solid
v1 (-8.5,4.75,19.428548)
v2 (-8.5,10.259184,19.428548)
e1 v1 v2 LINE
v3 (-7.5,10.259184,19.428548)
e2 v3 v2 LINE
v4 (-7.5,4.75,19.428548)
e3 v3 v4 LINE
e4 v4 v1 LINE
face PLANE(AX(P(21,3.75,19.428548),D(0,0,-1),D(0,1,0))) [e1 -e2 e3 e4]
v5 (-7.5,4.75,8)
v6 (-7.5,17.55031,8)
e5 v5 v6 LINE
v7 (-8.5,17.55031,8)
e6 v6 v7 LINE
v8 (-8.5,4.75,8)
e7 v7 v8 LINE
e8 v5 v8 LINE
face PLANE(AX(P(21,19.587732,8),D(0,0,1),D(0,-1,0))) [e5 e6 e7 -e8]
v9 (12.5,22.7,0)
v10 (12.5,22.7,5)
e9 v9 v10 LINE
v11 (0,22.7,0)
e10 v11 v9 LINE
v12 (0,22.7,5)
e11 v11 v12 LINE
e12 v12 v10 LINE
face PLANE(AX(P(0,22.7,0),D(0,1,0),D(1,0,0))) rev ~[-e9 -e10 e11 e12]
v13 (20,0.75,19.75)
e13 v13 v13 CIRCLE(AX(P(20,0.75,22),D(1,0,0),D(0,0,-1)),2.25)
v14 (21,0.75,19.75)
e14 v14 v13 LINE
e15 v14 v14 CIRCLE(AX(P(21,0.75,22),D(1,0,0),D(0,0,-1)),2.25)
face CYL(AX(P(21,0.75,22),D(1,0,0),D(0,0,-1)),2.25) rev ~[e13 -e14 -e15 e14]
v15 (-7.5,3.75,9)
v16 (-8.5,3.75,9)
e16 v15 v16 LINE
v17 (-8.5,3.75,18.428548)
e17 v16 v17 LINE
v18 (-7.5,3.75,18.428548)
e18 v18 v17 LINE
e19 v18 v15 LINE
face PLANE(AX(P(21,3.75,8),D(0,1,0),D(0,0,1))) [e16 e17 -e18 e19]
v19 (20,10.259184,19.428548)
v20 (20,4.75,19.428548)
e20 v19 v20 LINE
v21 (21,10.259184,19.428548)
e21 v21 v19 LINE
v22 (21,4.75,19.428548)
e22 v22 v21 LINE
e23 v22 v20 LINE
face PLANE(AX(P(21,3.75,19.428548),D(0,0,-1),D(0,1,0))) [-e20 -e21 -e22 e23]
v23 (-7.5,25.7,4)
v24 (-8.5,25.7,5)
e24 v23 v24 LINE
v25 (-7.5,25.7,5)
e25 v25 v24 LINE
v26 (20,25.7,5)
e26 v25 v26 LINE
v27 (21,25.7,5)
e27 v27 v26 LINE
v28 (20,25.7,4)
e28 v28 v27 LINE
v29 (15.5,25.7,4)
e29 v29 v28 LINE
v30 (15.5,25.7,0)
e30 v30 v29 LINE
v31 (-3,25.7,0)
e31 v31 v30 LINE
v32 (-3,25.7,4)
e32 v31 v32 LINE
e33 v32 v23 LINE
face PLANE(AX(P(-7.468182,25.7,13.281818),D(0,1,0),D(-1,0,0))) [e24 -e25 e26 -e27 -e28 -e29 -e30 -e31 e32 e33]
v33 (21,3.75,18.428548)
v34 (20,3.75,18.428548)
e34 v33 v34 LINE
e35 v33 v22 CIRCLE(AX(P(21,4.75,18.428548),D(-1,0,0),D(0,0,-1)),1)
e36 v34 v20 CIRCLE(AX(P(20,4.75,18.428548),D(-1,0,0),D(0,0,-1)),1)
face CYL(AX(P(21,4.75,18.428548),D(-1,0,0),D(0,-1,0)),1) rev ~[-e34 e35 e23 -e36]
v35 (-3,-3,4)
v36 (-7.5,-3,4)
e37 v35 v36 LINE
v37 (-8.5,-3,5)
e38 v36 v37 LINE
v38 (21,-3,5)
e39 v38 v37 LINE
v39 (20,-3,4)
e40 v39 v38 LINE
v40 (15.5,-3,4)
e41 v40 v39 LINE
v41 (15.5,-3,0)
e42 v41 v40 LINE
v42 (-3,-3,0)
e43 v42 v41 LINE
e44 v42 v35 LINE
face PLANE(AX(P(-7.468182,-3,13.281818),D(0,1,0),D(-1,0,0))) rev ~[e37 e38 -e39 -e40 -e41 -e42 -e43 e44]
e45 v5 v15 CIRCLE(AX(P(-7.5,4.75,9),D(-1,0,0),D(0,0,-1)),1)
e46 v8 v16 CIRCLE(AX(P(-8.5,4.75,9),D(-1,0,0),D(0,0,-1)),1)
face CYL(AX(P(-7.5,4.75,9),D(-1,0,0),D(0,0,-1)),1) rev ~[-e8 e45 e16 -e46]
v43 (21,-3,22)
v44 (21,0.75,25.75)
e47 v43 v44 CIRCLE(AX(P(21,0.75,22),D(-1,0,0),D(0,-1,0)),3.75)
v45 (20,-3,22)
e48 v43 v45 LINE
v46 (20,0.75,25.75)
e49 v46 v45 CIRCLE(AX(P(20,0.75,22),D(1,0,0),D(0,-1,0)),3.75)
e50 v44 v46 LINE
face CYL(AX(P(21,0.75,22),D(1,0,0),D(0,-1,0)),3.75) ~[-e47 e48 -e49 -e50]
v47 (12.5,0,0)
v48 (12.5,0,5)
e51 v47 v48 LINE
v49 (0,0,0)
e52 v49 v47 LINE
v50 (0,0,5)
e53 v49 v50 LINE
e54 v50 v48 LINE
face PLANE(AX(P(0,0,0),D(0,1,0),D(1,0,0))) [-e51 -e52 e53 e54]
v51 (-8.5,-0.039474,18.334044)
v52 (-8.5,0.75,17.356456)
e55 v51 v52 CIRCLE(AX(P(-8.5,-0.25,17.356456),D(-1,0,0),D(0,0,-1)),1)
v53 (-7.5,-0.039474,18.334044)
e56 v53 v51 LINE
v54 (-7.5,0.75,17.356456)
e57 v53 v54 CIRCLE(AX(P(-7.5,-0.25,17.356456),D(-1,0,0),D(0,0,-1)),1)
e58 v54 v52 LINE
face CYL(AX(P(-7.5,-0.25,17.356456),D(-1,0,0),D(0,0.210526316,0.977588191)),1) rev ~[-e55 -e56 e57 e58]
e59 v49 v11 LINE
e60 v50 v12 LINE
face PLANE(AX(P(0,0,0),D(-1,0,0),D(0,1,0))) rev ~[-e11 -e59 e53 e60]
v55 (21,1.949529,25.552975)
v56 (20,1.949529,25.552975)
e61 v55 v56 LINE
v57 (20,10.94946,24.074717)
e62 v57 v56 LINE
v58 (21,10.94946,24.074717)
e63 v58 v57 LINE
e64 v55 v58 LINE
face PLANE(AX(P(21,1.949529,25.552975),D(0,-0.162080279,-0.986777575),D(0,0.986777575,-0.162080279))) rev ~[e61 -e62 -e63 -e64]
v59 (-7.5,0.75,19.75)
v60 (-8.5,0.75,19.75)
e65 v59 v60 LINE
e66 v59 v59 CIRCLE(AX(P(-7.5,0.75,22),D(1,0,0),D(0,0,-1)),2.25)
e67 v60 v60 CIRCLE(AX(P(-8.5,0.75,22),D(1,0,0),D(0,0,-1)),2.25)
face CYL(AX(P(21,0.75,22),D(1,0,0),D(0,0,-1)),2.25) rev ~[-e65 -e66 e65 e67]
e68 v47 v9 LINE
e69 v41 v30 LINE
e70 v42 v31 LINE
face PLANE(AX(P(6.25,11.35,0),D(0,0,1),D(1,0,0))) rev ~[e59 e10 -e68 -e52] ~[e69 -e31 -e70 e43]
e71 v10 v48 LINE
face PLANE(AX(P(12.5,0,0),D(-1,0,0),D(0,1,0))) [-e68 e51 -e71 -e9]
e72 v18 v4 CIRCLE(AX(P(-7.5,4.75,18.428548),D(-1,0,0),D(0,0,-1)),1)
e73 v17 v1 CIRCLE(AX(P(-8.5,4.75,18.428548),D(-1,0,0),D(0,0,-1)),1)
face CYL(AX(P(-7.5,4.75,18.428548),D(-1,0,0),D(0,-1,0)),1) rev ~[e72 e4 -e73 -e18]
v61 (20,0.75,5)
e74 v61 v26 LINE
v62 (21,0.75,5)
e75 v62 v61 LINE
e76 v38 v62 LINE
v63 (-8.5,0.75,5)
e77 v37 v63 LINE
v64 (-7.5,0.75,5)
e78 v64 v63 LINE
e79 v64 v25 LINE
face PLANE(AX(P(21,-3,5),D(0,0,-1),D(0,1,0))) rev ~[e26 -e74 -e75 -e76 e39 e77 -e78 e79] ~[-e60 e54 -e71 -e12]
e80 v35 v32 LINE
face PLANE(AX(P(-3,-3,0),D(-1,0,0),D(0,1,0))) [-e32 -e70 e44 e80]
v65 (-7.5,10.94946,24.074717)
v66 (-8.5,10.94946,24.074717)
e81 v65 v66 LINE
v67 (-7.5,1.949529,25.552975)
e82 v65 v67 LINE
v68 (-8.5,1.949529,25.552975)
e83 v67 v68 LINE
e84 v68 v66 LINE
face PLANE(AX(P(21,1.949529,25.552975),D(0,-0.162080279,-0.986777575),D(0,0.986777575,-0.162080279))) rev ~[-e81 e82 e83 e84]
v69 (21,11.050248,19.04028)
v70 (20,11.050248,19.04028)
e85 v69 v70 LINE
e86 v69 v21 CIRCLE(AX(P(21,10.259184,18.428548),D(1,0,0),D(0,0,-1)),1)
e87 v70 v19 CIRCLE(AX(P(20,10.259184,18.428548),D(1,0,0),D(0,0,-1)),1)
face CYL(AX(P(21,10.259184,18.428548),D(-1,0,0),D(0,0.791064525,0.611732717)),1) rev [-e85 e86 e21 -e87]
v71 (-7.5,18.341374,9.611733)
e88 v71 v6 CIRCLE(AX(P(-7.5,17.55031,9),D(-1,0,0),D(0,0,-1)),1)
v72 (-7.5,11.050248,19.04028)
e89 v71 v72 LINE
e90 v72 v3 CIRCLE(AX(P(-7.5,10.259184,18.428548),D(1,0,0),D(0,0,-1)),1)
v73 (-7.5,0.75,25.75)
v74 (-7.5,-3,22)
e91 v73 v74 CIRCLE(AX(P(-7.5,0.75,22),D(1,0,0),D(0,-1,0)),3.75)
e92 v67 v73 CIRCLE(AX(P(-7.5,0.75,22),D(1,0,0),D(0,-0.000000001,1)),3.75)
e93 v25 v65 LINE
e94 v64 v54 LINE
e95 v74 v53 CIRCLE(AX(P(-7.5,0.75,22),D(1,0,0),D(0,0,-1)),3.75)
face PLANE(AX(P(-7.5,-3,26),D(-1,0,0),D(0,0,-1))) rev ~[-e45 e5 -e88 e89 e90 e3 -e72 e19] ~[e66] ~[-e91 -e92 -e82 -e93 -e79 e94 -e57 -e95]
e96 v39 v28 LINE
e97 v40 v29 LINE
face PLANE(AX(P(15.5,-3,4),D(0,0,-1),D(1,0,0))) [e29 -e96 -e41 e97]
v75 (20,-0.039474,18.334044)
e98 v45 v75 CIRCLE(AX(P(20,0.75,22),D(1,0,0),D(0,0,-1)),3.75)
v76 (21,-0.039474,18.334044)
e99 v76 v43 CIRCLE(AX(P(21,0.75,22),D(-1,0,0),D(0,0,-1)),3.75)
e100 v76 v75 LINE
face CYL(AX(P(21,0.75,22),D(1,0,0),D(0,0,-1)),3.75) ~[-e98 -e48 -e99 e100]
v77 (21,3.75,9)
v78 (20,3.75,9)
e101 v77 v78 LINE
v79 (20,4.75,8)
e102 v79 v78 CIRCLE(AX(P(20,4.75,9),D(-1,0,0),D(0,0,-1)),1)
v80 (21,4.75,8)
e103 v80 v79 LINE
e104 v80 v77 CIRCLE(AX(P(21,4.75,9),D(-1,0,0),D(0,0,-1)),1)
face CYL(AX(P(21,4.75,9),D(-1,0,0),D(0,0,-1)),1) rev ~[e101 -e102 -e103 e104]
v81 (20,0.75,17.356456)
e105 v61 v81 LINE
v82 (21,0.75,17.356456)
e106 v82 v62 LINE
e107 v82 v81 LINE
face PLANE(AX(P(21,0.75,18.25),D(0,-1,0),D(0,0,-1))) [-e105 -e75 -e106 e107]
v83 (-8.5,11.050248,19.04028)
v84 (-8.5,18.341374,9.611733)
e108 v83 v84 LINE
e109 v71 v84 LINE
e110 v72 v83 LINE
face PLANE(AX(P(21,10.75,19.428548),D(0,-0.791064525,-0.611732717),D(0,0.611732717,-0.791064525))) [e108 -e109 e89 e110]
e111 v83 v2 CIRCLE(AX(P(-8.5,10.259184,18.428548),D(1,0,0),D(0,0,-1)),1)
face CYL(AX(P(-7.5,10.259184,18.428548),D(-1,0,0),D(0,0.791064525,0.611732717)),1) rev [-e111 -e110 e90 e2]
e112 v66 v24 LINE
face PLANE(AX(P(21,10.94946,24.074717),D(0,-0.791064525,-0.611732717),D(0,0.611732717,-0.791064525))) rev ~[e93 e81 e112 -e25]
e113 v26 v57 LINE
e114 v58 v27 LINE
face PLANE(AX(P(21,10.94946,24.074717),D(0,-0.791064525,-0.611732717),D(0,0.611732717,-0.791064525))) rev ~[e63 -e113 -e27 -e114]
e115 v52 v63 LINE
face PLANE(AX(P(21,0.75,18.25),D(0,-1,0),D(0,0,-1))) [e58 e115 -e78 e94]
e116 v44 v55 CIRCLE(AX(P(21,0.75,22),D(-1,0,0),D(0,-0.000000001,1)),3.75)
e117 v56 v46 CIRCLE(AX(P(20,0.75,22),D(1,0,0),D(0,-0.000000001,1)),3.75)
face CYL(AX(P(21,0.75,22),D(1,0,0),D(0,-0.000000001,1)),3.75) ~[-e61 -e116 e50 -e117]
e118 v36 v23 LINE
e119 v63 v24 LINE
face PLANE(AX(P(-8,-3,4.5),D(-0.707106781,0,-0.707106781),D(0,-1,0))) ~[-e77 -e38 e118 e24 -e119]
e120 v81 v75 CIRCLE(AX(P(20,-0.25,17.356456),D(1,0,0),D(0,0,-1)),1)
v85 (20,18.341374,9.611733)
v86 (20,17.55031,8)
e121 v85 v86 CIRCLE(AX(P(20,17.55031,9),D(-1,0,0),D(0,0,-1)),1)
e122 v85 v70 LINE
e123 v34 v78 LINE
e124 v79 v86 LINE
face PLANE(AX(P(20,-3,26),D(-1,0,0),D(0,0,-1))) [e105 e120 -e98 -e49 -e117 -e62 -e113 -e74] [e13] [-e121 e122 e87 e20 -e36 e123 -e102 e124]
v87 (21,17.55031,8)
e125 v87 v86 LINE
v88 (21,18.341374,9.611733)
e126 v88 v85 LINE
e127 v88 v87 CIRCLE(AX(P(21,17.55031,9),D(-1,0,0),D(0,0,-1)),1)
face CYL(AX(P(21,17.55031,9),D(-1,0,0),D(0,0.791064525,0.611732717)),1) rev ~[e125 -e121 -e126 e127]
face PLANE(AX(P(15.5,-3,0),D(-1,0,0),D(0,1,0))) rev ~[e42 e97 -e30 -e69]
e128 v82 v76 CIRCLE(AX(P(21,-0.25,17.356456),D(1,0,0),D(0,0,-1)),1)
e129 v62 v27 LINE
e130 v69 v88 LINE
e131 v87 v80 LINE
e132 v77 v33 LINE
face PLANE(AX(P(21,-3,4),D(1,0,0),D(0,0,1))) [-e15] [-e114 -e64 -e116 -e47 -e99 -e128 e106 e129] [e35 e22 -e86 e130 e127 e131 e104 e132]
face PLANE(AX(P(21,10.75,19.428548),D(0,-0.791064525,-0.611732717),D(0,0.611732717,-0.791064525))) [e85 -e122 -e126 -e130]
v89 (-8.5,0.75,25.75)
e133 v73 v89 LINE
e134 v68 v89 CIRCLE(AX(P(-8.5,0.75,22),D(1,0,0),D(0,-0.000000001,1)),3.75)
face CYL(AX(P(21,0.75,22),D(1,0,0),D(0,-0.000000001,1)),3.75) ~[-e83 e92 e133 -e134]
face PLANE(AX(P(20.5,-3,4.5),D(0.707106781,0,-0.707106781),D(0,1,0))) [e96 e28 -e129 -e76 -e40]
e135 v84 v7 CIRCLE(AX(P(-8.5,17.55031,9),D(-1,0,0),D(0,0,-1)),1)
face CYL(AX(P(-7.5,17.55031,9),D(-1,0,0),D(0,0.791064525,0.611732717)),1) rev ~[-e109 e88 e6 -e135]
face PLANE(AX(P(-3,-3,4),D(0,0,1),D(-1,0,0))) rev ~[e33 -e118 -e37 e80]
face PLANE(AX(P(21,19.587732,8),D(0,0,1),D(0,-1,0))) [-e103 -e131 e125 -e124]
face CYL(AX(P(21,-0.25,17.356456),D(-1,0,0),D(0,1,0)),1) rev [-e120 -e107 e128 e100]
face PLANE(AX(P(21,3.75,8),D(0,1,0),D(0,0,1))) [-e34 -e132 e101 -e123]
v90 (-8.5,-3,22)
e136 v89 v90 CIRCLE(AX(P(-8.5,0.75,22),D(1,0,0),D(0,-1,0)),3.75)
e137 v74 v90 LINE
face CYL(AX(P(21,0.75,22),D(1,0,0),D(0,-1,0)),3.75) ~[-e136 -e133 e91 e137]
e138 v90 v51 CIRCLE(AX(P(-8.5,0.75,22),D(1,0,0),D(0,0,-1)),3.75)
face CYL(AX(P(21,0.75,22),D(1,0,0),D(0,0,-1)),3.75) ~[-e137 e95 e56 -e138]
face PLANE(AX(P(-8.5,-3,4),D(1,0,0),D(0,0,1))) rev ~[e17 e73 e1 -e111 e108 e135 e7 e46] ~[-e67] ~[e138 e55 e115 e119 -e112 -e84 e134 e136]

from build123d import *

# Parameters (mm, degrees)
SKETCH_1_W          = 18.5
SKETCH_1_H          = 28.7
SKETCH_1_W_2        = 12.5
SKETCH_1_H_2        = 22.7
EXTRUDE_1_DEPTH     = 5
EXTRUDE_2_DEPTH     = 28.7
CHAMFER_1_SIZE      = 1
SKETCH_3_W          = 13.25
SKETCH_3_H          = 3.75
CUT_EXTRUDE_1_DEPTH = 47.975951294
FILLET_1_R          = 1
CUT_EXTRUDE_2_DEPTH = 47.838045433
FILLET_2_R          = 1
SKETCH_6_R          = 2.25
CUT_EXTRUDE_3_DEPTH = 47.838045433


with BuildPart() as part:
    # 草图1 → 凸台-拉伸1 (new body)
    with BuildSketch(Plane.XY):
        with Locations((6.25, 11.35)):
            Rectangle(SKETCH_1_W, SKETCH_1_H)
        with Locations((6.25, 11.35)):
            Rectangle(SKETCH_1_W_2, SKETCH_1_H_2, mode=Mode.SUBTRACT)
    extrude(amount=EXTRUDE_1_DEPTH)

    # 草图2 → 凸台-拉伸2 (add)
    with BuildSketch(Plane.XZ.offset(3)):
        Polygon((-3, 5), (-3, 4), (-8.5, 4), (-8.5, 26), (-7.5, 26), (-7.5, 5), align=None)
        Polygon((20, 26), (20, 5), (15.5, 5), (15.5, 4), (21, 4), (21, 26), align=None)
    extrude(amount=-EXTRUDE_2_DEPTH)

    # 倒角1
    chamfer_1_edges = [part.edges().sort_by_distance(p)[0] for p in [
        (-8.5, 11.35, 4),
        (21, 11.35, 4),
    ]]
    chamfer(chamfer_1_edges, length=CHAMFER_1_SIZE)

    # 草图3 → 切除-拉伸1 (cut, through all)
    with BuildSketch(Plane(origin=(21, 0, 0), x_dir=(0, 0, -1), z_dir=(1, 0, 0))):
        with BuildLine():
            ThreePointArc((-25.75, 0.75), (-25.700415908, 1.357801045), (-25.552974874, 1.949528884))
            Line((-25.552974874, 1.949528884), (-24.074717326, 10.949460339))
            Line((-24.074717326, 10.949460339), (-5, 25.7))
            Line((-5, 25.7), (-26, 25.7))
            Line((-26, 25.7), (-26, 0.75))
            Line((-26, 0.75), (-25.75, 0.75))
        make_face()
        with BuildLine():
            Line((-26, -3), (-22, -3))
            ThreePointArc((-22, -3), (-24.651650429, -1.901650429), (-25.75, 0.75))
            Line((-25.75, 0.75), (-26, 0.75))
            Line((-26, 0.75), (-26, -3))
        make_face()
        with BuildLine():
            Line((-22, -3), (-18.25, -3))
            Line((-18.25, -3), (-18.25, 0.75))
            ThreePointArc((-18.25, 0.75), (-19.348349571, -1.901650429), (-22, -3))
        make_face()
        with Locations((-11.625, -1.125)):
            Rectangle(SKETCH_3_W, SKETCH_3_H)
    extrude(amount=-CUT_EXTRUDE_1_DEPTH, mode=Mode.SUBTRACT)

    # 圆角1
    fillet_1_edges = [part.edges().sort_by_distance(p)[0] for p in [
        (-8, 0.75, 18.25),
        (20.5, 0.75, 18.25),
    ]]
    fillet(fillet_1_edges, radius=FILLET_1_R)

    # 草图5 → 切除-拉伸2 (cut, through all)
    with BuildSketch(Plane(origin=(21, 0, 0), x_dir=(0, 0, -1), z_dir=(1, 0, 0))):
        Polygon((-19.428547646, 3.75), (-19.428547646, 10.75), (-8, 19.587732294), (-8, 3.75), align=None)
    extrude(amount=-CUT_EXTRUDE_2_DEPTH, mode=Mode.SUBTRACT)

    # 圆角2
    fillet_2_edges = [part.edges().sort_by_distance(p)[0] for p in [
        (-8, 3.75, 8),
        (-8, 3.75, 19.428547646),
        (-8, 10.75, 19.428547646),
        (-8, 19.587732294, 8),
        (20.5, 3.75, 8),
        (20.5, 3.75, 19.428547646),
        (20.5, 10.75, 19.428547646),
        (20.5, 19.587732294, 8),
    ]]
    fillet(fillet_2_edges, radius=FILLET_2_R)

    # 草图6 → 切除-拉伸3 (cut, through all)
    with BuildSketch(Plane(origin=(21, 0, 0), x_dir=(0, 0, -1), z_dir=(1, 0, 0))):
        with Locations((-22, 0.75)):
            Circle(SKETCH_6_R)
    extrude(amount=-CUT_EXTRUDE_3_DEPTH, mode=Mode.SUBTRACT)


solid = part.part
